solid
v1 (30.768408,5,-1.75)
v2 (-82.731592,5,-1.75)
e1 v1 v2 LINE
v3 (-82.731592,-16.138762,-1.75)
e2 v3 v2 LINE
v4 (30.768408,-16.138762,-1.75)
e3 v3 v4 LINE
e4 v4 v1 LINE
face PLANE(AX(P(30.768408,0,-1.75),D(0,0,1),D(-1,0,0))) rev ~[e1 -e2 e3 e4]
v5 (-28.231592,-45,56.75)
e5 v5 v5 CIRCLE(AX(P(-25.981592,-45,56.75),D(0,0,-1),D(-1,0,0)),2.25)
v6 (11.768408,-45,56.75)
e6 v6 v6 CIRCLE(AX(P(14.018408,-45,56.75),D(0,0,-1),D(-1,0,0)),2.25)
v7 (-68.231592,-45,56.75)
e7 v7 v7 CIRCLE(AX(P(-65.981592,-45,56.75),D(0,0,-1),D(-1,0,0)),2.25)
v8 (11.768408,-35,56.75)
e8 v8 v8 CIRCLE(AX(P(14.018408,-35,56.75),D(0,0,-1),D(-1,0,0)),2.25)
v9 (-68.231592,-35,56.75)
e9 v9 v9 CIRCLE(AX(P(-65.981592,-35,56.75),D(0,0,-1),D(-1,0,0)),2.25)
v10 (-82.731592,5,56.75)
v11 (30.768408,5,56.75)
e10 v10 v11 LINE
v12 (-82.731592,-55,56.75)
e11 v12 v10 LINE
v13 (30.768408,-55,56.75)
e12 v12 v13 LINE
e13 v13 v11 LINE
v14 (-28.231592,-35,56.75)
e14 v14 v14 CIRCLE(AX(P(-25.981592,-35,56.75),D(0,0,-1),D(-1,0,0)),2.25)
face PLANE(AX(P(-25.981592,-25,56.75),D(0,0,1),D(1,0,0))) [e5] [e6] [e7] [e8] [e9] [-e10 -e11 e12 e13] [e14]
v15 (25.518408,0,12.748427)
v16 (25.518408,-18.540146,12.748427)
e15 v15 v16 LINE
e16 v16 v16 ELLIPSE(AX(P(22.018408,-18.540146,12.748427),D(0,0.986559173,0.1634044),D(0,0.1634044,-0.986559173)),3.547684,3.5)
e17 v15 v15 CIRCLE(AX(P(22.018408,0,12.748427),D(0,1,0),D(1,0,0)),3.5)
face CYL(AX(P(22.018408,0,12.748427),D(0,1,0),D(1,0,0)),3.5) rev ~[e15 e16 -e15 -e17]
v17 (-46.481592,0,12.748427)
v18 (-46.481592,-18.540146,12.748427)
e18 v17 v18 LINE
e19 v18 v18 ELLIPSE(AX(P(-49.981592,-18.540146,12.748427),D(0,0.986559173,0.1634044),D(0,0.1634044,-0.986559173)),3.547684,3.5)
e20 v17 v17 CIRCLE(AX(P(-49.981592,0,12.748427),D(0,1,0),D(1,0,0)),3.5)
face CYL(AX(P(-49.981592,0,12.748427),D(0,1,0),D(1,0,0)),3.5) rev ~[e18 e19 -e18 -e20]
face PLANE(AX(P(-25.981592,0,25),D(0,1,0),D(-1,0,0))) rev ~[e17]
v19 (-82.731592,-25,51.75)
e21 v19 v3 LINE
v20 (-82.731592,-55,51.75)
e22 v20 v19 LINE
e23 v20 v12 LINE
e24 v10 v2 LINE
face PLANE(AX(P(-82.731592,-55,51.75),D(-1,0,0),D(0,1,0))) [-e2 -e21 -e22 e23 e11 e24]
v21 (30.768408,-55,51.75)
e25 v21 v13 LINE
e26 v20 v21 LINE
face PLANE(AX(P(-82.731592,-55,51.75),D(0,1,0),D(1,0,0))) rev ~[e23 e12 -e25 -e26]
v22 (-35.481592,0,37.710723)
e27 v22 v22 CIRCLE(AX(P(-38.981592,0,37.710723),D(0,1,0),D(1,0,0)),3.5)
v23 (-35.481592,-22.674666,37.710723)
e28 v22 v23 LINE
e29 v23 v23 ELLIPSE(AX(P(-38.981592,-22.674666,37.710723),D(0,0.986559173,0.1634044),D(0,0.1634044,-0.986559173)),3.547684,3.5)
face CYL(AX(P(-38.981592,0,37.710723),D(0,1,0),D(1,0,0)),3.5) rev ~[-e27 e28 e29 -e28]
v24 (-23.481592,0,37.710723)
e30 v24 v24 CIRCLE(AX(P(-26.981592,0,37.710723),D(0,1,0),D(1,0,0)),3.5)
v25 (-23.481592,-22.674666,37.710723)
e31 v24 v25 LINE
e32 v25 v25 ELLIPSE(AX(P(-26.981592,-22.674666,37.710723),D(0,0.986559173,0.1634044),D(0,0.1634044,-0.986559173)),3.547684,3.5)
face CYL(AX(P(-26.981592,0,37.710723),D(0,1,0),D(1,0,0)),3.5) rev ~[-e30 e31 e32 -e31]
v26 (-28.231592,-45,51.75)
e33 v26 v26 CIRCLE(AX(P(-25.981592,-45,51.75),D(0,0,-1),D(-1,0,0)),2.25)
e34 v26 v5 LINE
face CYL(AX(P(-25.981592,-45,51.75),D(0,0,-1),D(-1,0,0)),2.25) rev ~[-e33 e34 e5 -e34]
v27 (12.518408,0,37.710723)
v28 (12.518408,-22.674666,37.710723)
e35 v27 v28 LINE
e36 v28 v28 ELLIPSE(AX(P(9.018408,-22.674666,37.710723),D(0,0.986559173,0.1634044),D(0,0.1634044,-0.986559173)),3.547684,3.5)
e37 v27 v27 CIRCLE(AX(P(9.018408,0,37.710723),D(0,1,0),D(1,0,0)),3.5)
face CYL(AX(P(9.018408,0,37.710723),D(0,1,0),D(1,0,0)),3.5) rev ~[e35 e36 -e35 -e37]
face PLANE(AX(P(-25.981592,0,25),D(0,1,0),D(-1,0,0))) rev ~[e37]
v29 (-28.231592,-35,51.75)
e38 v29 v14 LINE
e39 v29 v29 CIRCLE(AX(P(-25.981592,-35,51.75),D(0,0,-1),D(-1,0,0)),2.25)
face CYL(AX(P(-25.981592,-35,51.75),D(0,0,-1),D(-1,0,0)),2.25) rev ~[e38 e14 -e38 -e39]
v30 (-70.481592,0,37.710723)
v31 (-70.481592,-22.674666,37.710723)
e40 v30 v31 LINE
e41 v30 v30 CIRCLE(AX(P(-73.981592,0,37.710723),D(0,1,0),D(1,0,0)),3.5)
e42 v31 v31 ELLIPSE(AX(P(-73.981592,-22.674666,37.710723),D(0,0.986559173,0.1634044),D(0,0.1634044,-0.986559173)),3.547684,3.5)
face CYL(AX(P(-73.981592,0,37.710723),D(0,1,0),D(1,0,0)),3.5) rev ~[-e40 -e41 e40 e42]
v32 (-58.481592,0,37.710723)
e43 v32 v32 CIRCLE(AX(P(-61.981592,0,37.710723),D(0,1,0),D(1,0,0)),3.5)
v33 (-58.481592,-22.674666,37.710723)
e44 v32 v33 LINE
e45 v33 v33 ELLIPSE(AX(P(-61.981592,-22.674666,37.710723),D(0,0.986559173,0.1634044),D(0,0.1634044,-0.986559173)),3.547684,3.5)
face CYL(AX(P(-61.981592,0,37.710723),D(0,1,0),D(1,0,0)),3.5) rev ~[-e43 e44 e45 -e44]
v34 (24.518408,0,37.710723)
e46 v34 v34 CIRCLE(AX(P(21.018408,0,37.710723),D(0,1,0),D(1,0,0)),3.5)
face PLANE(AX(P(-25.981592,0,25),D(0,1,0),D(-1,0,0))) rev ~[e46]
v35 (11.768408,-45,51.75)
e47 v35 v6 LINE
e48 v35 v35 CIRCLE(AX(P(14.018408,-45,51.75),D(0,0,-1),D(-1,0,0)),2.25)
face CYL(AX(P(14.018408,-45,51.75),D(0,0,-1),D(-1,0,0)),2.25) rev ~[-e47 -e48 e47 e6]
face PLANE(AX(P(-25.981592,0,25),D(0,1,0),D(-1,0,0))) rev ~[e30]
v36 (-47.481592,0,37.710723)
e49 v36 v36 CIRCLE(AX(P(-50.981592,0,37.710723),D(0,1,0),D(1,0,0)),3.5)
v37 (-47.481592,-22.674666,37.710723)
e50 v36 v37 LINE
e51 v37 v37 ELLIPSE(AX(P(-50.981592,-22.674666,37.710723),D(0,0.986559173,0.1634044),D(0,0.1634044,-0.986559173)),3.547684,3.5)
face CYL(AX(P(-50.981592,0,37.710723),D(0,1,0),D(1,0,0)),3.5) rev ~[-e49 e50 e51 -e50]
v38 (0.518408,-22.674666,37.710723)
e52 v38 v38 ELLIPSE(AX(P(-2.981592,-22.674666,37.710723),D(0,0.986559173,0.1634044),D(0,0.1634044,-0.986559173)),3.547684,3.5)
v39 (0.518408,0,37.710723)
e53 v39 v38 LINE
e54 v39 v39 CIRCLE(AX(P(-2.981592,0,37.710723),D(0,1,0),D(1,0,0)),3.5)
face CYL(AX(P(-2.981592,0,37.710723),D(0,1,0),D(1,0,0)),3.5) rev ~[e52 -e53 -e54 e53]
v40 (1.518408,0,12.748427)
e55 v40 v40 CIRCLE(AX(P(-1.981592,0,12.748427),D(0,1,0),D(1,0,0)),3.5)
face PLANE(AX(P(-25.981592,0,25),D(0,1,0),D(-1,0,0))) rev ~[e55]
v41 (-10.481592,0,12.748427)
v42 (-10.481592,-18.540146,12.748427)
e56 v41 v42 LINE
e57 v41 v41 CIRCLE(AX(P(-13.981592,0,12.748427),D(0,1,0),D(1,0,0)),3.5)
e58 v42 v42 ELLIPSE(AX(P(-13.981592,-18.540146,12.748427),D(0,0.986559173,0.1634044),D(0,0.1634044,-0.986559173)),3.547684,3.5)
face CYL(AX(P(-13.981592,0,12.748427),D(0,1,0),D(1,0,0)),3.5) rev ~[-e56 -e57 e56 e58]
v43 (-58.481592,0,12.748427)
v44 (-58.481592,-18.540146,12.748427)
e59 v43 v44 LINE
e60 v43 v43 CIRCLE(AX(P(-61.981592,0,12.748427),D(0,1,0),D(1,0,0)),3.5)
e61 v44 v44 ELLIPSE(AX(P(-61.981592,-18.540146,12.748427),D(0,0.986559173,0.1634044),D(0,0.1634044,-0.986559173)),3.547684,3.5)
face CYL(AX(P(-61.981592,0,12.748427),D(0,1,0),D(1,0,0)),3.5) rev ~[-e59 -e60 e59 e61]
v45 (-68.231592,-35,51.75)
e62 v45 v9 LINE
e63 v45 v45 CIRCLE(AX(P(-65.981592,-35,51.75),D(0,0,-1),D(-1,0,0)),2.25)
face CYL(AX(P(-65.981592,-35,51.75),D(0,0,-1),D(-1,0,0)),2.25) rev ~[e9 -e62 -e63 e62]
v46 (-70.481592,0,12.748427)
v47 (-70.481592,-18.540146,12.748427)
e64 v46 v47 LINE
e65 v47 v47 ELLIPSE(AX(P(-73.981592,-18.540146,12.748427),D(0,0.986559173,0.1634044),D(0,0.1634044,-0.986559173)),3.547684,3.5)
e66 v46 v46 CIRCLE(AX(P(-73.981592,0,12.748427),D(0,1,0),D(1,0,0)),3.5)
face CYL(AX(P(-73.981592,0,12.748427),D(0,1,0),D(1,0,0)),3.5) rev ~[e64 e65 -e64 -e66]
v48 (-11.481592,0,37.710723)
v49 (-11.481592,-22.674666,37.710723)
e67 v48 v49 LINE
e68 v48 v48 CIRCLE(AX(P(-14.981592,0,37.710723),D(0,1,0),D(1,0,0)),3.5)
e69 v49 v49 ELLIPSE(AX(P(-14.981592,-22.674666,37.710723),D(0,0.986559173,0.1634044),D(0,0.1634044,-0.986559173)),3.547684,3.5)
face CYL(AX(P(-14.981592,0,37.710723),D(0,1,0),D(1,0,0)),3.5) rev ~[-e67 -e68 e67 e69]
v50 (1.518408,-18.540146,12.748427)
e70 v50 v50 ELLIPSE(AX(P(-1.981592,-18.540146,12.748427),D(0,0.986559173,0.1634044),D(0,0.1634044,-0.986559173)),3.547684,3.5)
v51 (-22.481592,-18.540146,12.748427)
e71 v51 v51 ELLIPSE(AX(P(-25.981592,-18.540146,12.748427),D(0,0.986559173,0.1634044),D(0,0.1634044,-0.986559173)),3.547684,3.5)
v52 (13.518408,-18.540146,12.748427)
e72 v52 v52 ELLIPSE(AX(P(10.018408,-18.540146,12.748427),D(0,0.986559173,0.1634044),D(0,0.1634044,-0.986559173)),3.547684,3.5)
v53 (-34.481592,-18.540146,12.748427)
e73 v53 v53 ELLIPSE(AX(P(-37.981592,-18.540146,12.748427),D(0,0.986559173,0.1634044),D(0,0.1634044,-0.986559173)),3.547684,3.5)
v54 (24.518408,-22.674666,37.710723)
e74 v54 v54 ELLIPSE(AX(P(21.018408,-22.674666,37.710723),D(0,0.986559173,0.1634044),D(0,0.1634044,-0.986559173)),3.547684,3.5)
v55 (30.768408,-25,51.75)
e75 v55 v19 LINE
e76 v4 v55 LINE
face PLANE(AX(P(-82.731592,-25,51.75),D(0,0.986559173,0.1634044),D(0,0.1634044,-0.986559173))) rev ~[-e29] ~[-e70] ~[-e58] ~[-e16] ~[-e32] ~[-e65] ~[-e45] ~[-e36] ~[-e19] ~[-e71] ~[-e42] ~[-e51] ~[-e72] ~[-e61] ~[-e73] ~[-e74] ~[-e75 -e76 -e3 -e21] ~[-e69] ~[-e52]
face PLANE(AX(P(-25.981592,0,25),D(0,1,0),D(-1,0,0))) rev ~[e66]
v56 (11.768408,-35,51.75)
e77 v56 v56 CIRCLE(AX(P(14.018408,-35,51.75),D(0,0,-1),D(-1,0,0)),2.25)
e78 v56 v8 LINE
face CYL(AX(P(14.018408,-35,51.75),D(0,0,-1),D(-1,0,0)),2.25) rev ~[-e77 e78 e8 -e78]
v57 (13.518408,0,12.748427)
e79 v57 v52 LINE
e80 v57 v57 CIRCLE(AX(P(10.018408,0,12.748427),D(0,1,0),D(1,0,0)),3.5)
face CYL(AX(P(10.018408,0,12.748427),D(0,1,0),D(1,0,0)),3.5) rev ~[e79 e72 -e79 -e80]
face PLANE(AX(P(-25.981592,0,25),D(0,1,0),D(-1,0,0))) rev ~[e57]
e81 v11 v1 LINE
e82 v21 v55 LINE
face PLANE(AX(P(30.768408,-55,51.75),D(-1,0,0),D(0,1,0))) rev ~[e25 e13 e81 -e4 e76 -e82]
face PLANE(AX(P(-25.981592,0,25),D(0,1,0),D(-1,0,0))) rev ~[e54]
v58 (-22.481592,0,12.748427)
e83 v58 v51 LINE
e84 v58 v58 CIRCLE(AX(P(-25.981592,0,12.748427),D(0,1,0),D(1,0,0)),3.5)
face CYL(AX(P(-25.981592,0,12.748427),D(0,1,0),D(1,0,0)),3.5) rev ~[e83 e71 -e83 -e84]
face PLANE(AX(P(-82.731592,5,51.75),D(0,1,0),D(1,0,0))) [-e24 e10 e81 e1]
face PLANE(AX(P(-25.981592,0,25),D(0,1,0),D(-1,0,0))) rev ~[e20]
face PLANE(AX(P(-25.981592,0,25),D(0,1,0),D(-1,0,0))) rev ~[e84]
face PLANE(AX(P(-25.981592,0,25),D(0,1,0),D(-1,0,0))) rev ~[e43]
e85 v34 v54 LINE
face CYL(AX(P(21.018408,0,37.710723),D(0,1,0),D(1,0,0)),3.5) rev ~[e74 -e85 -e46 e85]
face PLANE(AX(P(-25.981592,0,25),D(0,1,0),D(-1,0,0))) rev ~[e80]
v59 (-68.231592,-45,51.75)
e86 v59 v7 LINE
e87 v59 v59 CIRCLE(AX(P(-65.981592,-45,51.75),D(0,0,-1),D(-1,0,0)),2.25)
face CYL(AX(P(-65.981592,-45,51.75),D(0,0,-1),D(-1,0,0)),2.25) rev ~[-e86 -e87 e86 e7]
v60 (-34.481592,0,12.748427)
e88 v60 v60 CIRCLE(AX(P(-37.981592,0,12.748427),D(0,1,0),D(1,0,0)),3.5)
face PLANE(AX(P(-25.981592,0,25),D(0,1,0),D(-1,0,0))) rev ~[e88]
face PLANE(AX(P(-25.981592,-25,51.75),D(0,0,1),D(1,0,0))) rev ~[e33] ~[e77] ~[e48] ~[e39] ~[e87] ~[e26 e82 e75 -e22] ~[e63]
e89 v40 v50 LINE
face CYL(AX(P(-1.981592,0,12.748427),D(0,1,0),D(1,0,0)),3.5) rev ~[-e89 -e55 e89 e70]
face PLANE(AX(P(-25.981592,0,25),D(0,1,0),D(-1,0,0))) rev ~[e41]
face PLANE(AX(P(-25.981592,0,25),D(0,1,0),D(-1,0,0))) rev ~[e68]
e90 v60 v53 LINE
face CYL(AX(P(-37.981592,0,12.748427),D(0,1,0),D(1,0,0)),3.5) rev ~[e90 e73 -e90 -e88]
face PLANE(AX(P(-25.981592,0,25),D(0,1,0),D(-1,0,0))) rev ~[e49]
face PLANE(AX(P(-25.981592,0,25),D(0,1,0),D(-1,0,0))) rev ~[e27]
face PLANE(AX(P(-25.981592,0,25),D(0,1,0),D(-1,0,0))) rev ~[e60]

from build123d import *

# Parameters (mm, degrees)
F1_DEPTH = 25
F2_W     = 113.5
F2_H     = 53.5
F3_DEPTH = 5
F5_DEPTH = 133.9
F6_W     = 113.5
F6_H     = 60
F7_DEPTH = 5
F9_DEPTH = 25


with BuildPart() as f1:
    # F0 (on Front) → F1 (new body)
    with BuildSketch(Plane.XZ):
        with BuildLine():
            Line((30.7684078276, 51.75), (-82.7315921724, 51.75))
            Line((-82.7315921724, 51.75), (-82.7315921724, 37.7107225358))
            Line((-82.7315921724, 37.7107225358), (-77.4815921724, 37.7107225358))
            ThreePointArc((-77.4815921724, 37.7107225358), (-73.9815921724, 41.2107225358), (-70.4815921724, 37.7107225358))
            Line((-70.4815921724, 37.7107225358), (-65.4815921724, 37.7107225358))
            ThreePointArc((-65.4815921724, 37.7107225358), (-61.9815921724, 41.2107225358), (-58.4815921724, 37.7107225358))
            Line((-58.4815921724, 37.7107225358), (-54.4815921724, 37.7107225358))
            ThreePointArc((-54.4815921724, 37.7107225358), (-50.9815921724, 41.2107225358), (-47.4815921724, 37.7107225358))
            Line((-47.4815921724, 37.7107225358), (-42.4815921724, 37.7107225358))
            ThreePointArc((-42.4815921724, 37.7107225358), (-38.9815921724, 41.2107225358), (-35.4815921724, 37.7107225358))
            Line((-35.4815921724, 37.7107225358), (-30.4815921724, 37.7107225358))
            ThreePointArc((-30.4815921724, 37.7107225358), (-26.9815921724, 41.2107225358), (-23.4815921724, 37.7107225358))
            Line((-23.4815921724, 37.7107225358), (-18.4815921724, 37.7107225358))
            ThreePointArc((-18.4815921724, 37.7107225358), (-14.9815921724, 41.2107225358), (-11.4815921724, 37.7107225358))
            Line((-11.4815921724, 37.7107225358), (-6.4815921724, 37.7107225358))
            ThreePointArc((-6.4815921724, 37.7107225358), (-2.9815921724, 41.2107225358), (0.5184078276, 37.7107225358))
            Line((0.5184078276, 37.7107225358), (5.5184078276, 37.7107225358))
            ThreePointArc((5.5184078276, 37.7107225358), (9.0184078276, 41.2107225358), (12.5184078276, 37.7107225358))
            Line((12.5184078276, 37.7107225358), (17.5184078276, 37.7107225358))
            ThreePointArc((17.5184078276, 37.7107225358), (21.0184078276, 41.2107225358), (24.5184078276, 37.7107225358))
            Line((24.5184078276, 37.7107225358), (30.7684078276, 37.7107225358))
            Line((30.7684078276, 37.7107225358), (30.7684078276, 51.75))
        make_face()
        with BuildLine():
            Line((-77.4815921724, 12.7484267578), (-82.7315921724, 12.7484267578))
            Line((-82.7315921724, 12.7484267578), (-82.7315921724, -1.75))
            Line((-82.7315921724, -1.75), (30.7684078276, -1.75))
            Line((30.7684078276, -1.75), (30.7684078276, 12.7484267578))
            Line((30.7684078276, 12.7484267578), (25.5184078276, 12.7484267578))
            ThreePointArc((25.5184078276, 12.7484267578), (22.0184078276, 9.2484267578), (18.5184078276, 12.7484267578))
            Line((18.5184078276, 12.7484267578), (13.5184078276, 12.7484267578))
            ThreePointArc((13.5184078276, 12.7484267578), (10.0184078276, 9.2484267578), (6.5184078276, 12.7484267578))
            Line((6.5184078276, 12.7484267578), (1.5184078276, 12.7484267578))
            ThreePointArc((1.5184078276, 12.7484267578), (-1.9815921724, 9.2484267578), (-5.4815921724, 12.7484267578))
            Line((-5.4815921724, 12.7484267578), (-10.4815921724, 12.7484267578))
            ThreePointArc((-10.4815921724, 12.7484267578), (-13.9815921724, 9.2484267578), (-17.4815921724, 12.7484267578))
            Line((-17.4815921724, 12.7484267578), (-22.4815921724, 12.7484267578))
            ThreePointArc((-22.4815921724, 12.7484267578), (-25.9815921724, 9.2484267578), (-29.4815921724, 12.7484267578))
            Line((-29.4815921724, 12.7484267578), (-34.4815921724, 12.7484267578))
            ThreePointArc((-34.4815921724, 12.7484267578), (-37.9815921724, 9.2484267578), (-41.4815921724, 12.7484267578))
            Line((-41.4815921724, 12.7484267578), (-46.4815921724, 12.7484267578))
            ThreePointArc((-46.4815921724, 12.7484267578), (-49.9815921724, 9.2484267578), (-53.4815921724, 12.7484267578))
            Line((-53.4815921724, 12.7484267578), (-58.4815921724, 12.7484267578))
            ThreePointArc((-58.4815921724, 12.7484267578), (-61.9815921724, 9.2484267578), (-65.4815921724, 12.7484267578))
            Line((-65.4815921724, 12.7484267578), (-70.4815921724, 12.7484267578))
            ThreePointArc((-70.4815921724, 12.7484267578), (-73.9815921724, 9.2484267578), (-77.4815921724, 12.7484267578))
        make_face()
        with BuildLine():
            Line((-77.4815921724, 37.7107225358), (-82.7315921724, 37.7107225358))
            Line((-82.7315921724, 37.7107225358), (-82.7315921724, 12.7484267578))
            Line((-82.7315921724, 12.7484267578), (-77.4815921724, 12.7484267578))
            ThreePointArc((-77.4815921724, 12.7484267578), (-73.9815921724, 16.2484267578), (-70.4815921724, 12.7484267578))
            Line((-70.4815921724, 12.7484267578), (-65.4815921724, 12.7484267578))
            ThreePointArc((-65.4815921724, 12.7484267578), (-61.9815921724, 16.2484267578), (-58.4815921724, 12.7484267578))
            Line((-58.4815921724, 12.7484267578), (-53.4815921724, 12.7484267578))
            ThreePointArc((-53.4815921724, 12.7484267578), (-49.9815921724, 16.2484267578), (-46.4815921724, 12.7484267578))
            Line((-46.4815921724, 12.7484267578), (-41.4815921724, 12.7484267578))
            ThreePointArc((-41.4815921724, 12.7484267578), (-37.9815921724, 16.2484267578), (-34.4815921724, 12.7484267578))
            Line((-34.4815921724, 12.7484267578), (-29.4815921724, 12.7484267578))
            ThreePointArc((-29.4815921724, 12.7484267578), (-25.9815921724, 16.2484267578), (-22.4815921724, 12.7484267578))
            Line((-22.4815921724, 12.7484267578), (-17.4815921724, 12.7484267578))
            ThreePointArc((-17.4815921724, 12.7484267578), (-13.9815921724, 16.2484267578), (-10.4815921724, 12.7484267578))
            Line((-10.4815921724, 12.7484267578), (-5.4815921724, 12.7484267578))
            ThreePointArc((-5.4815921724, 12.7484267578), (-1.9815921724, 16.2484267578), (1.5184078276, 12.7484267578))
            Line((1.5184078276, 12.7484267578), (6.5184078276, 12.7484267578))
            ThreePointArc((6.5184078276, 12.7484267578), (10.0184078276, 16.2484267578), (13.5184078276, 12.7484267578))
            Line((13.5184078276, 12.7484267578), (18.5184078276, 12.7484267578))
            ThreePointArc((18.5184078276, 12.7484267578), (22.0184078276, 16.2484267578), (25.5184078276, 12.7484267578))
            Line((25.5184078276, 12.7484267578), (30.7684078276, 12.7484267578))
            Line((30.7684078276, 12.7484267578), (30.7684078276, 37.7107225358))
            Line((30.7684078276, 37.7107225358), (24.5184078276, 37.7107225358))
            ThreePointArc((24.5184078276, 37.7107225358), (21.0184078276, 34.2107225358), (17.5184078276, 37.7107225358))
            Line((17.5184078276, 37.7107225358), (12.5184078276, 37.7107225358))
            ThreePointArc((12.5184078276, 37.7107225358), (9.0184078276, 34.2107225358), (5.5184078276, 37.7107225358))
            Line((5.5184078276, 37.7107225358), (0.5184078276, 37.7107225358))
            ThreePointArc((0.5184078276, 37.7107225358), (-2.9815921724, 34.2107225358), (-6.4815921724, 37.7107225358))
            Line((-6.4815921724, 37.7107225358), (-11.4815921724, 37.7107225358))
            ThreePointArc((-11.4815921724, 37.7107225358), (-14.9815921724, 34.2107225358), (-18.4815921724, 37.7107225358))
            Line((-18.4815921724, 37.7107225358), (-23.4815921724, 37.7107225358))
            ThreePointArc((-23.4815921724, 37.7107225358), (-26.9815921724, 34.2107225358), (-30.4815921724, 37.7107225358))
            Line((-30.4815921724, 37.7107225358), (-35.4815921724, 37.7107225358))
            ThreePointArc((-35.4815921724, 37.7107225358), (-38.9815921724, 34.2107225358), (-42.4815921724, 37.7107225358))
            Line((-42.4815921724, 37.7107225358), (-47.4815921724, 37.7107225358))
            ThreePointArc((-47.4815921724, 37.7107225358), (-50.9815921724, 34.2107225358), (-54.4815921724, 37.7107225358))
            Line((-54.4815921724, 37.7107225358), (-58.4815921724, 37.7107225358))
            ThreePointArc((-58.4815921724, 37.7107225358), (-61.9815921724, 34.2107225358), (-65.4815921724, 37.7107225358))
            Line((-65.4815921724, 37.7107225358), (-70.4815921724, 37.7107225358))
            ThreePointArc((-70.4815921724, 37.7107225358), (-73.9815921724, 34.2107225358), (-77.4815921724, 37.7107225358))
        make_face()
    extrude(amount=F1_DEPTH)

    # F2 (on face) → F3 (join)
    with BuildSketch(Plane(origin=(0, 0, 0), x_dir=(-1, 0, 0), z_dir=(0, 1, 0))):
        with Locations((25.9815921724, 25)):
            Rectangle(F2_W, F2_H)
    extrude(amount=F3_DEPTH)

    # F4 (on face) → F5 (cut)
    with BuildSketch(Plane(origin=(-82.7315921724, 0, 0), x_dir=(0, -1, 0), z_dir=(-1, 0, 0))):
        Polygon((25, -1.75), (25, 51.75), (16.1387622356, -1.75), align=None)
    extrude(amount=-F5_DEPTH, mode=Mode.SUBTRACT)

    # F6 (on face) → F7 (join)
    with BuildSketch(Plane.XY.offset(51.75)):
        with Locations((-25.9815921724, -25)):
            Rectangle(F6_W, F6_H)
    extrude(amount=F7_DEPTH)

    # F8 (on face) → F9 (cut)
    with BuildSketch(Plane(origin=(0, 0, 51.75), x_dir=(1, 0, 0), z_dir=(0, 0, -1))):
        with BuildLine():
            ThreePointArc((-63.7315921724, 45), (-65.9815921724, 47.25), (-68.2315921724, 45))
            Line((-68.2315921724, 45), (-63.7315921724, 45))
        make_face()
        with BuildLine():
            ThreePointArc((16.2684078276, 45), (14.0184078276, 47.25), (11.7684078276, 45))
            Line((11.7684078276, 45), (16.2684078276, 45))
        make_face()
        with BuildLine():
            Line((16.2684078276, 45), (11.7684078276, 45))
            ThreePointArc((11.7684078276, 45), (14.0184078276, 42.75), (16.2684078276, 45))
        make_face()
        with BuildLine():
            ThreePointArc((-23.7315921724, 45), (-25.9815921724, 47.25), (-28.2315921724, 45))
            Line((-28.2315921724, 45), (-23.7315921724, 45))
        make_face()
        with BuildLine():
            Line((-23.7315921724, 45), (-28.2315921724, 45))
            ThreePointArc((-28.2315921724, 45), (-25.9815921724, 42.75), (-23.7315921724, 45))
        make_face()
        with BuildLine():
            Line((-63.7315921724, 45), (-68.2315921724, 45))
            ThreePointArc((-68.2315921724, 45), (-65.9815921724, 42.75), (-63.7315921724, 45))
        make_face()
        with BuildLine():
            ThreePointArc((-63.7315921724, 35), (-65.9815921724, 37.25), (-68.2315921724, 35))
            Line((-68.2315921724, 35), (-63.7315921724, 35))
        make_face()
        with BuildLine():
            ThreePointArc((16.2684078276, 35), (14.0184078276, 37.25), (11.7684078276, 35))
            Line((11.7684078276, 35), (16.2684078276, 35))
        make_face()
        with BuildLine():
            Line((16.2684078276, 35), (11.7684078276, 35))
            ThreePointArc((11.7684078276, 35), (14.0184078276, 32.75), (16.2684078276, 35))
        make_face()
        with BuildLine():
            ThreePointArc((-23.7315921724, 35), (-25.9815921724, 37.25), (-28.2315921724, 35))
            Line((-28.2315921724, 35), (-23.7315921724, 35))
        make_face()
        with BuildLine():
            Line((-23.7315921724, 35), (-28.2315921724, 35))
            ThreePointArc((-28.2315921724, 35), (-25.9815921724, 32.75), (-23.7315921724, 35))
        make_face()
        with BuildLine():
            Line((-63.7315921724, 35), (-68.2315921724, 35))
            ThreePointArc((-68.2315921724, 35), (-65.9815921724, 32.75), (-63.7315921724, 35))
        make_face()
    extrude(amount=-F9_DEPTH, mode=Mode.SUBTRACT)


solid = f1.part
